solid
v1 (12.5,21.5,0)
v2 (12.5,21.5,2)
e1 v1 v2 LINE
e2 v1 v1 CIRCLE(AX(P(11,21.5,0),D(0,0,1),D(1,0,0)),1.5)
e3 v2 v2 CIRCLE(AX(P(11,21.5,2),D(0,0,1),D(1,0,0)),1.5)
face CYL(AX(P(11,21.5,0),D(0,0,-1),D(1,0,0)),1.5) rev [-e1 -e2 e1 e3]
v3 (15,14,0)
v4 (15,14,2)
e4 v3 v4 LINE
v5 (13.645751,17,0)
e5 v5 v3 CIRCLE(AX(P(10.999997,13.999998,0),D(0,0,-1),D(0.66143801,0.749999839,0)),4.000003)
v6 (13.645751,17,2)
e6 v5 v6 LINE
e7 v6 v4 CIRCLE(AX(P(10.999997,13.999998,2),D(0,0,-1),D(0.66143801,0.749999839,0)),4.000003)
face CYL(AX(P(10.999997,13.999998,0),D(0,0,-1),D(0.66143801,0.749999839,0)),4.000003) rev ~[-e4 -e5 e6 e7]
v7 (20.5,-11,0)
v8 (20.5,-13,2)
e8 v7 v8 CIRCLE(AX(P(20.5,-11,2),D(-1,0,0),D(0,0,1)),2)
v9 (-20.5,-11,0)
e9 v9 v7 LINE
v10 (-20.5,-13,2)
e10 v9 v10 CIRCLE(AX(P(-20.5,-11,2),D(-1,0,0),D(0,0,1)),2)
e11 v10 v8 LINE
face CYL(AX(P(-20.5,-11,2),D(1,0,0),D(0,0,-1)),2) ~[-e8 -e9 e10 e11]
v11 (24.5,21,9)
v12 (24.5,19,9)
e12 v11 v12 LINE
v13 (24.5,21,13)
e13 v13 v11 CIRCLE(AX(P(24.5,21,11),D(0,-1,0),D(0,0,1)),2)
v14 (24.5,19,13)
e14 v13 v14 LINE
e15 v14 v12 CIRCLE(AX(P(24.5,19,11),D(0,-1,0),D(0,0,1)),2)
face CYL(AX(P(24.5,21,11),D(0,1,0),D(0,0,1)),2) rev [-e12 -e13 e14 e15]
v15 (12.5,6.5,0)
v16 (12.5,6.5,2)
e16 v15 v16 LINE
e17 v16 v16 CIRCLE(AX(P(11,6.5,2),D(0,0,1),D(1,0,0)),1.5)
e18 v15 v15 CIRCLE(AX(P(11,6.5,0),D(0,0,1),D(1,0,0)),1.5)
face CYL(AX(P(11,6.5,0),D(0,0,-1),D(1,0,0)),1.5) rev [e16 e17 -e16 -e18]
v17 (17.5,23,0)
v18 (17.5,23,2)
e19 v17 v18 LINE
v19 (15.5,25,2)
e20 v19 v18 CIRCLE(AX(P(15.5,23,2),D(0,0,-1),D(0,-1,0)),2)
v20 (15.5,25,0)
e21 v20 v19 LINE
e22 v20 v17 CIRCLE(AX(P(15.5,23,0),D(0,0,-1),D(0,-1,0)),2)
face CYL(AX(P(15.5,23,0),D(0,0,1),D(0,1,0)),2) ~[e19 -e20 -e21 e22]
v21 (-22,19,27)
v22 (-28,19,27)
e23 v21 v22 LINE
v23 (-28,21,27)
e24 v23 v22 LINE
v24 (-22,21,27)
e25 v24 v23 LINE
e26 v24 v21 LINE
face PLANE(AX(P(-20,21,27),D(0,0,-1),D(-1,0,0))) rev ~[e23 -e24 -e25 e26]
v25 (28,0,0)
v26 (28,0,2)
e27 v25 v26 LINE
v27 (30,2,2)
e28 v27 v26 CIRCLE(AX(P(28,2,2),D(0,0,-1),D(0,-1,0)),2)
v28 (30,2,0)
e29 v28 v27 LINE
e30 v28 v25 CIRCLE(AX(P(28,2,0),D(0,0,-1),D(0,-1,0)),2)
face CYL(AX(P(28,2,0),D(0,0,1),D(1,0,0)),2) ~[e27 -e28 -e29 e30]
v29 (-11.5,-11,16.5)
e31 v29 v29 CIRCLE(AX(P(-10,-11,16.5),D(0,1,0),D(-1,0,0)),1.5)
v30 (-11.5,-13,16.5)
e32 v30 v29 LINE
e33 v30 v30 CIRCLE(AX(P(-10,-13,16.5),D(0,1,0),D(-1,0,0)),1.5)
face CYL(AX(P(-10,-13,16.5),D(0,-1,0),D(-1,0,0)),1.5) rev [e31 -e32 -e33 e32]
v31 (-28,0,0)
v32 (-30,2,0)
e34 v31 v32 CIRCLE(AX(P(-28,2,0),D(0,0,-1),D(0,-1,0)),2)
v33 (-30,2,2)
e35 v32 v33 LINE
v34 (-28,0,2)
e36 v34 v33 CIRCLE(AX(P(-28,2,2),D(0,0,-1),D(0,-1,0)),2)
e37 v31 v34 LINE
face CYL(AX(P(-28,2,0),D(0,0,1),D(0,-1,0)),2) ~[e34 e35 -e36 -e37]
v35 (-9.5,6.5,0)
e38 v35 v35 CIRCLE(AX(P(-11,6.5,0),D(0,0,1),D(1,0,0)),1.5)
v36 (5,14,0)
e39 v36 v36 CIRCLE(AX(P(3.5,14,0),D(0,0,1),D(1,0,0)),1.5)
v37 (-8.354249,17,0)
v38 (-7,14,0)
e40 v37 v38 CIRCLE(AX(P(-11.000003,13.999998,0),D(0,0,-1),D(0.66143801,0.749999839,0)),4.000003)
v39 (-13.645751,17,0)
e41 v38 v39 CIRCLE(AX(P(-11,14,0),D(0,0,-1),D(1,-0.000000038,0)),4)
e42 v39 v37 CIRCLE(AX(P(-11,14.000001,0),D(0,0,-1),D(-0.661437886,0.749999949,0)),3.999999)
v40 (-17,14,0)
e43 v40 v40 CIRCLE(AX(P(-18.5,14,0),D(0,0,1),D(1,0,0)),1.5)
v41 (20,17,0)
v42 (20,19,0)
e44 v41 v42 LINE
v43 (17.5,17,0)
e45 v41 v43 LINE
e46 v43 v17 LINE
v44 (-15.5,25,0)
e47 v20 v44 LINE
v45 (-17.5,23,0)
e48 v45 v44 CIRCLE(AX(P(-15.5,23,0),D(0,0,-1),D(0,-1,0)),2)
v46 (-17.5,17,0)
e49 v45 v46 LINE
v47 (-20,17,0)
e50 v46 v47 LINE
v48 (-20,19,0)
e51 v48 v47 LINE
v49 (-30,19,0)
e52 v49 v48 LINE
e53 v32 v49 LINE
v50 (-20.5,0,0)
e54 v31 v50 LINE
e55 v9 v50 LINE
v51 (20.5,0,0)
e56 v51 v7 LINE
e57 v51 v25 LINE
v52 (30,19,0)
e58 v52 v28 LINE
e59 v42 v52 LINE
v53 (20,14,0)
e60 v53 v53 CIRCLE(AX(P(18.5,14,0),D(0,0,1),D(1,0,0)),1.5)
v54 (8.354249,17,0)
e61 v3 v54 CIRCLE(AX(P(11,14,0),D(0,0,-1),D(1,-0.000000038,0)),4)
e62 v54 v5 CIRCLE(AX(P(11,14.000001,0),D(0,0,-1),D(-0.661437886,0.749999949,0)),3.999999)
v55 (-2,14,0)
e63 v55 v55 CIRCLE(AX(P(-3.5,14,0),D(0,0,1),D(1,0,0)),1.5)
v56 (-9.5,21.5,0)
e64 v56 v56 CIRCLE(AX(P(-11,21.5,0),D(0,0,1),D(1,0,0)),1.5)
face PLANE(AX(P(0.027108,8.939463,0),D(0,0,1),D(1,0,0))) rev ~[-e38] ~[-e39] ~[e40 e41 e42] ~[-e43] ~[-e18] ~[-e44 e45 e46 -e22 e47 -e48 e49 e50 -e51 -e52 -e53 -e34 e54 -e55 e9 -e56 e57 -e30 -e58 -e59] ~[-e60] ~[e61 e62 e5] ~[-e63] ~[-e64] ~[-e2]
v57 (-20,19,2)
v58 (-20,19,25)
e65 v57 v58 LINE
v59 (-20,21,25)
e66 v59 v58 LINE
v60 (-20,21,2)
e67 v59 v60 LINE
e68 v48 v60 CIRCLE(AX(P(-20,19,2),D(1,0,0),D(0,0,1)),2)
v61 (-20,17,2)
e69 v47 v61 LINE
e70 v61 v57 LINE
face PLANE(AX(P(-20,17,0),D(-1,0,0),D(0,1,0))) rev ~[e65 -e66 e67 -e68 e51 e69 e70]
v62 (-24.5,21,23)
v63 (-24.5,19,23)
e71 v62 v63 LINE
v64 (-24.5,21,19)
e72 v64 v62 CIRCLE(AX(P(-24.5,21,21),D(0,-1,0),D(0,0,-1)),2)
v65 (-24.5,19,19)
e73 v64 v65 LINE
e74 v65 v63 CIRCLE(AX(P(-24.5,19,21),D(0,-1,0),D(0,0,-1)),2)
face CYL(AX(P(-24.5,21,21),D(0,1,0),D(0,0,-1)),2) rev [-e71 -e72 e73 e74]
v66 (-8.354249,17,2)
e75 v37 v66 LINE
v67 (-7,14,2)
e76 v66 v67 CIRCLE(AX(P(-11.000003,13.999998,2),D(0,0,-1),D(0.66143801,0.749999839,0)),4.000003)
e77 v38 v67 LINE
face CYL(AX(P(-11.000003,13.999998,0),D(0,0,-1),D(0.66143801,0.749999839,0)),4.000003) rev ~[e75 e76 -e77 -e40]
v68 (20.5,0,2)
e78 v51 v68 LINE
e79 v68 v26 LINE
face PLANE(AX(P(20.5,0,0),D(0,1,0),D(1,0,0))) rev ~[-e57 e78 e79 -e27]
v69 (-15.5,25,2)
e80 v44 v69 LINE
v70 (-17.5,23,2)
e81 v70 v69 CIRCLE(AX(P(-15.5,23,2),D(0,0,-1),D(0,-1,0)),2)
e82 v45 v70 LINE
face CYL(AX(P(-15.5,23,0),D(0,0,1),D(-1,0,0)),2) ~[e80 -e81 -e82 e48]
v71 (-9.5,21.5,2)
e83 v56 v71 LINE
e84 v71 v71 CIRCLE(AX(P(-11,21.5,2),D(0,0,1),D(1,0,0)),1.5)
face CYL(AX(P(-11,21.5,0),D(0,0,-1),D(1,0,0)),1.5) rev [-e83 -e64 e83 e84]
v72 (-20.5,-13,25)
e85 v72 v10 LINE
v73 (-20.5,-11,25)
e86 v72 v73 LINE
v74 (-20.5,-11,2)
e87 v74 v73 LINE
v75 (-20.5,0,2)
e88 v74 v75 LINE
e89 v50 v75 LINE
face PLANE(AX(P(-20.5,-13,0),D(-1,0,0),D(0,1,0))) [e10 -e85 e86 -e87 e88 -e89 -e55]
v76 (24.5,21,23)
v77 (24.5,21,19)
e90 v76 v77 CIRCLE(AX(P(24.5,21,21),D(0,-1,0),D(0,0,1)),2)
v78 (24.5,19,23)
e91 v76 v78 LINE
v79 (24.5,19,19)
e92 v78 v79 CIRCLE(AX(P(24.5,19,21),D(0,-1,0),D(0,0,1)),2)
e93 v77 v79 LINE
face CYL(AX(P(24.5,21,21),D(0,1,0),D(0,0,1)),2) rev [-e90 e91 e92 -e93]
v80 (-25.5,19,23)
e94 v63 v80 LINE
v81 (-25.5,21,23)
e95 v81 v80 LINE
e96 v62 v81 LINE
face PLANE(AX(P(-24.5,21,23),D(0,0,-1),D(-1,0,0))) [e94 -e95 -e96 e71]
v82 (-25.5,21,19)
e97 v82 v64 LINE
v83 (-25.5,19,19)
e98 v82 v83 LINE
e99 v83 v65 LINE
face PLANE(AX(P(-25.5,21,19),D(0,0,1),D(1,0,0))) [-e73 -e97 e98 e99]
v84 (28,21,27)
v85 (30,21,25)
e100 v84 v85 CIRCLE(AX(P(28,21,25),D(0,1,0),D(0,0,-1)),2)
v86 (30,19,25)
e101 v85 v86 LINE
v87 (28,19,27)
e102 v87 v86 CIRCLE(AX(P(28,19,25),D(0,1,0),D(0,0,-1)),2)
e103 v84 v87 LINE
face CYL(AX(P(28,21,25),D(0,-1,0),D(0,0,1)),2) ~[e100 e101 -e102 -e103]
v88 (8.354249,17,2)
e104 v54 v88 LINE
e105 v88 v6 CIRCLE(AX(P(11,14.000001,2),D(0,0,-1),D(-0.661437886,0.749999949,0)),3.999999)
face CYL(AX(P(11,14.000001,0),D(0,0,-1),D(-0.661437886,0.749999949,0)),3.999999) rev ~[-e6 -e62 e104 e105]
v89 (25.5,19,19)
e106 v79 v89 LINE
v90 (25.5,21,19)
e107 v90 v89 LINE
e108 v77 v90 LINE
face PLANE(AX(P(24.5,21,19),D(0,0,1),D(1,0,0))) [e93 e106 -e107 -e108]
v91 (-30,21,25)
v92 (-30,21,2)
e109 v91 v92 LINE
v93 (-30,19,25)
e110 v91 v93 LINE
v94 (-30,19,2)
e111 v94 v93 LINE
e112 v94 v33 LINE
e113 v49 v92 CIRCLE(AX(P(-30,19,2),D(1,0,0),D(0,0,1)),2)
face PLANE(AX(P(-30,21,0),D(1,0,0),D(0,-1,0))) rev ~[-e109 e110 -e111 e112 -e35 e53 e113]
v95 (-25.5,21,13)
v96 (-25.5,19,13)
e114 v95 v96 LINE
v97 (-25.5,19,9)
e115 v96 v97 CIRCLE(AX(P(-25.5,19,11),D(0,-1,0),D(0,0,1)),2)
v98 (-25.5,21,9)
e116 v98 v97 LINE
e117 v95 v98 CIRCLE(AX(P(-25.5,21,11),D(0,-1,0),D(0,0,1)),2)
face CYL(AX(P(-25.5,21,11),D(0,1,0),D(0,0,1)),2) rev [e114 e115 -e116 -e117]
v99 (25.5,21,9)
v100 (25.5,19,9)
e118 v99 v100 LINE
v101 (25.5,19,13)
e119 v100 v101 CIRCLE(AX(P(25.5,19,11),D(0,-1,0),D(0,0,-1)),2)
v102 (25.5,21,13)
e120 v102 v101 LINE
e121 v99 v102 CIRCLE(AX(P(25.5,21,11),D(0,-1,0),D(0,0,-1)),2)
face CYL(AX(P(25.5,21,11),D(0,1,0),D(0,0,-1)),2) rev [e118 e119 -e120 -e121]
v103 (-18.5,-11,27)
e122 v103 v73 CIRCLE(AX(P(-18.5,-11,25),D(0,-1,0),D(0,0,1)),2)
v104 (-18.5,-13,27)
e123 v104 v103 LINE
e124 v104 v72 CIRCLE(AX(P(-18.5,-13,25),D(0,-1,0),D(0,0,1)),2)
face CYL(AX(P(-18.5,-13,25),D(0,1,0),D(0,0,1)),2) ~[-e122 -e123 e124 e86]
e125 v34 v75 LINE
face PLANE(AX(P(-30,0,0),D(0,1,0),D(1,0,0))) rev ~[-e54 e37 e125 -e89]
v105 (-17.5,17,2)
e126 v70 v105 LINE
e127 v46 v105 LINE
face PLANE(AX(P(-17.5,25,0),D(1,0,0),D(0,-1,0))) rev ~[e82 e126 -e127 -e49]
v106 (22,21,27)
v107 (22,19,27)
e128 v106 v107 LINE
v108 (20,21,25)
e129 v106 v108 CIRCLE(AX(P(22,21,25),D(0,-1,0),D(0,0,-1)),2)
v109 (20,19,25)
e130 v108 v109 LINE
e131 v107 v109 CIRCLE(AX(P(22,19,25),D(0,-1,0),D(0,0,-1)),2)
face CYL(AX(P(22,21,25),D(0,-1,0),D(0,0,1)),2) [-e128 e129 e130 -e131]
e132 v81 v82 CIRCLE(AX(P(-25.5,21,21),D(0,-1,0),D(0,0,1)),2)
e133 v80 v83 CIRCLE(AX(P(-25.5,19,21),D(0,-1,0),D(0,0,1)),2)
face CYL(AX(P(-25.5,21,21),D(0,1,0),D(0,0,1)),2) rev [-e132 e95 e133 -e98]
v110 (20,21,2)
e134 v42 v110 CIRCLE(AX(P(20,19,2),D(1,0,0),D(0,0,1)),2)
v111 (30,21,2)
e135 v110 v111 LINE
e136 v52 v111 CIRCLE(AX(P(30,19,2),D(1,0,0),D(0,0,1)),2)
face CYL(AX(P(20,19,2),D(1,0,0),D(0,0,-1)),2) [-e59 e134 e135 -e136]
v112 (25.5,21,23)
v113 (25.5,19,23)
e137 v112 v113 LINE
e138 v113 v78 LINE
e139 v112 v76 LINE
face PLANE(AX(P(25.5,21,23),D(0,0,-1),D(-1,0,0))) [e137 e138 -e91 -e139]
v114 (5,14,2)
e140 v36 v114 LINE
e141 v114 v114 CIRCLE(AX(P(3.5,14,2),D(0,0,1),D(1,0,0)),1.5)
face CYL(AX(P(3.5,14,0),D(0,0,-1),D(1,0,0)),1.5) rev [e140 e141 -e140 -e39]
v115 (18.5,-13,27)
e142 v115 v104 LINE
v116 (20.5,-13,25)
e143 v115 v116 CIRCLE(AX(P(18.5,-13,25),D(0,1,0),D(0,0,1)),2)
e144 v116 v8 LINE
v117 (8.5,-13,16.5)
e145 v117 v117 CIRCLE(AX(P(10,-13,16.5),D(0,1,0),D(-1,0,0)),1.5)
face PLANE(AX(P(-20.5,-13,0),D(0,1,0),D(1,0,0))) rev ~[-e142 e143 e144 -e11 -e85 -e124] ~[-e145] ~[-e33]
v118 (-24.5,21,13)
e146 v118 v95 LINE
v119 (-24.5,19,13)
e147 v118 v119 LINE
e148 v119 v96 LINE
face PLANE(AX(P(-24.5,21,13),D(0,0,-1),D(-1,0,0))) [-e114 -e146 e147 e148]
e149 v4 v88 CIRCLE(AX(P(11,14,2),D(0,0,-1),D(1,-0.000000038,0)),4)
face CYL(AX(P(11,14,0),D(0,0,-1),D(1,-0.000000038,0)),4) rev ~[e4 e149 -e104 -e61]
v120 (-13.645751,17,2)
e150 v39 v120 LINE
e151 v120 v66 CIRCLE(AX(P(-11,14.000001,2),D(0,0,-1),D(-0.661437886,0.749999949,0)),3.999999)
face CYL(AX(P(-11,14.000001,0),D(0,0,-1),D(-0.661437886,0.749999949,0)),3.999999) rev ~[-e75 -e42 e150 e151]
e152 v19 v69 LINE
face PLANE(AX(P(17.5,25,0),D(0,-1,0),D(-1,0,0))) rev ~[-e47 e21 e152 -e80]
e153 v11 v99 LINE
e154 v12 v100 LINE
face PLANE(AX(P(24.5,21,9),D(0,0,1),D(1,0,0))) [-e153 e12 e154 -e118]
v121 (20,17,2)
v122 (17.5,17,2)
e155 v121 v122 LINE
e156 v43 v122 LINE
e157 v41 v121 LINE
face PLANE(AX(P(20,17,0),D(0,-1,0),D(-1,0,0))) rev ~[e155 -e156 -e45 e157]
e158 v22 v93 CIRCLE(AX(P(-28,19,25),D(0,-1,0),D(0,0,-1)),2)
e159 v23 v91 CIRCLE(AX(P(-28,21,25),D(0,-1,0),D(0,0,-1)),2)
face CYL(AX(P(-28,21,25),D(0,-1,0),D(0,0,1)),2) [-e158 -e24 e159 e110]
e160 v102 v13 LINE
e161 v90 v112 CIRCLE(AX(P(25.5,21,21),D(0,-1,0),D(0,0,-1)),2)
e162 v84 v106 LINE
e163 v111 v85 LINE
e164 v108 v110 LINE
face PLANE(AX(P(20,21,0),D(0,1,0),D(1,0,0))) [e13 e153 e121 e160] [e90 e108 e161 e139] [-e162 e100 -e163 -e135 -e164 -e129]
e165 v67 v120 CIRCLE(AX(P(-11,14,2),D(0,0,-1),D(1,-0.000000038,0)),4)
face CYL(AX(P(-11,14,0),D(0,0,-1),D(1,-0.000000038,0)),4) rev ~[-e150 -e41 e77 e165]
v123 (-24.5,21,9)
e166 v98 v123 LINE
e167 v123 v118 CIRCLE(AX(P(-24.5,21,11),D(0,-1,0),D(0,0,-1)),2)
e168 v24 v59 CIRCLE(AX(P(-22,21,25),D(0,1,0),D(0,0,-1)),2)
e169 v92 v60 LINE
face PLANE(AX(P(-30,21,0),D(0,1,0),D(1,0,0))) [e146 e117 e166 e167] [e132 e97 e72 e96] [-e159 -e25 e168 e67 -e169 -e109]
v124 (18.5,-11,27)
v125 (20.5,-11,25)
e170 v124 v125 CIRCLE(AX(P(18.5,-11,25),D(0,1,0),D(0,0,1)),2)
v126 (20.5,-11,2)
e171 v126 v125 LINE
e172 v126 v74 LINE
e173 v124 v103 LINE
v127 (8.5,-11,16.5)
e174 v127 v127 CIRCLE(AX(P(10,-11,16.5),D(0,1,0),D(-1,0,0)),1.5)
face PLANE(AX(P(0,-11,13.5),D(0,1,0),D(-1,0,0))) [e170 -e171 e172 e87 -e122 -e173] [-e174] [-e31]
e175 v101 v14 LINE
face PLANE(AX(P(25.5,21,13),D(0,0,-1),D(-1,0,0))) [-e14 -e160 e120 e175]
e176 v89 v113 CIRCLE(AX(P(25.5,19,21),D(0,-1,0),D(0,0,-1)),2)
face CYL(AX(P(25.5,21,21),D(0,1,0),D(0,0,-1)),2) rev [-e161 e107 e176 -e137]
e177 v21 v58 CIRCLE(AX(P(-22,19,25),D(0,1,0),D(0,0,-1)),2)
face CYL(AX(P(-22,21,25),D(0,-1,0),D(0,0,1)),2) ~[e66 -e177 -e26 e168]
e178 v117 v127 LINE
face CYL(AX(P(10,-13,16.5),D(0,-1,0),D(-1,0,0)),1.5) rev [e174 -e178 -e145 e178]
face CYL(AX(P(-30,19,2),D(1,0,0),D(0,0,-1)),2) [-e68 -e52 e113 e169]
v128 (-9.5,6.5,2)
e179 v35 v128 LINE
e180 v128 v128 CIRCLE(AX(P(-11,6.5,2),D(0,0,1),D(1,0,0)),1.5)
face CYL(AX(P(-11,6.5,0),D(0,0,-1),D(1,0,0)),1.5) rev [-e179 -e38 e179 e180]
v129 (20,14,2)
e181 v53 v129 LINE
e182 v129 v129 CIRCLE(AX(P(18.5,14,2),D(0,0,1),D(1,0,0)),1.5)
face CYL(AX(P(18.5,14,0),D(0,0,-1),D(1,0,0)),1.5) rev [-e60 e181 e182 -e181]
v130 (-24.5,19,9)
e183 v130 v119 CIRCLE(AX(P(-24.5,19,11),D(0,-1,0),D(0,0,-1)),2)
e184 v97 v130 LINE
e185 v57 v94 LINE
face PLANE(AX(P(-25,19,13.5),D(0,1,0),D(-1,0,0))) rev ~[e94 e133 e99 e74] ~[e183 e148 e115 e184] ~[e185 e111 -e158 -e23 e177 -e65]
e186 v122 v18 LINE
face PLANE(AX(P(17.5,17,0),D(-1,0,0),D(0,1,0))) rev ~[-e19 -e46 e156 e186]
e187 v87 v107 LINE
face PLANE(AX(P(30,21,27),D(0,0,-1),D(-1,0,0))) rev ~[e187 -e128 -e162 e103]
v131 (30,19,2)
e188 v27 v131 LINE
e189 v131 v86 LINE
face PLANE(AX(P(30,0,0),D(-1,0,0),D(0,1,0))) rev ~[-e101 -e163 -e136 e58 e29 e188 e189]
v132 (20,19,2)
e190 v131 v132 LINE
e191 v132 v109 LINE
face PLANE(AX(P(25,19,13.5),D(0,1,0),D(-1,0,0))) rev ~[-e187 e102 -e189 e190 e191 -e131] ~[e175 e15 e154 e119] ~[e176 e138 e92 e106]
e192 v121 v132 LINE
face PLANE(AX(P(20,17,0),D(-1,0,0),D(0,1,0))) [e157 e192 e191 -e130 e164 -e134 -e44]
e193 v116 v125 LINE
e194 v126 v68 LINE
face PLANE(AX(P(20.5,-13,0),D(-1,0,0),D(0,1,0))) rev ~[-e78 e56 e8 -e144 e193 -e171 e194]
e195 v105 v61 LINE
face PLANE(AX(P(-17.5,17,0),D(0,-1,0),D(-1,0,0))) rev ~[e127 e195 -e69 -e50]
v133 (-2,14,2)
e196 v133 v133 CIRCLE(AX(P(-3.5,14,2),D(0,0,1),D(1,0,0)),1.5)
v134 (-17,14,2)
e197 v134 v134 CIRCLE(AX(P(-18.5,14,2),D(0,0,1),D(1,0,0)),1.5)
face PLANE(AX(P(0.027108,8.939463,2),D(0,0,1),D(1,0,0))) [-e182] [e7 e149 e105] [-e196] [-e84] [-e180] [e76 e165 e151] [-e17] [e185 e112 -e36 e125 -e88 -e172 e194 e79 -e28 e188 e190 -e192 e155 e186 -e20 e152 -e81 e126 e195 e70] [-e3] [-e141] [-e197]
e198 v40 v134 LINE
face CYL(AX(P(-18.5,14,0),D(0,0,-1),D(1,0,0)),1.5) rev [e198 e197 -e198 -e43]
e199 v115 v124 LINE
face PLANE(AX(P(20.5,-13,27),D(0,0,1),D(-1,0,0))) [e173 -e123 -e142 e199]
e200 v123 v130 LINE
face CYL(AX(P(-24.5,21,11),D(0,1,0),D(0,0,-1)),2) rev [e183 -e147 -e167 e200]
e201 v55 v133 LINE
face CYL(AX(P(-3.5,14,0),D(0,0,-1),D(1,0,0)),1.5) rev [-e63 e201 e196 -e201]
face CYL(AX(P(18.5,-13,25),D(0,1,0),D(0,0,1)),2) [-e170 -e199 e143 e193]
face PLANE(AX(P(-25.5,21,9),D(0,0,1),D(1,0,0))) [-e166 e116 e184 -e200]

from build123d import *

# Parameters (mm, degrees)
F0_R     = 1.5
F0_W     = 41
F0_H     = 13
F0_W_2   = 10
F0_H_2   = 4
F7_DEPTH = 2
F4_W     = 41
F4_H     = 27
F4_R     = 1.5
F8_DEPTH = 2
F6_W     = 10
F6_H     = 27
F5_W     = 10
F5_H     = 27
F9_DEPTH = 2
F10_R    = 2


with BuildPart() as f7:
    # F0 (on Top) → F7 (new body)
    with BuildSketch(Plane.XY):
        with BuildLine():
            Line((-13.645751, 17), (-17.5, 17))
            Line((-17.5, 17), (-20, 17))
            Line((-20, 17), (-30, 17))
            Line((-30, 17), (-30, 0))
            Line((-30, 0), (-20.5, 0))
            Line((-20.5, 0), (20.5, 0))
            Line((20.5, 0), (30, 0))
            Line((30, 0), (30, 17))
            Line((30, 17), (20, 17))
            Line((20, 17), (17.5, 17))
            Line((17.5, 17), (13.645751, 17))
            ThreePointArc((13.645751, 17), (14.645751, 15.645751), (15, 14))
            ThreePointArc((15, 14), (9.354249, 10.354249), (8.354249, 17))
            Line((8.354249, 17), (-8.354249, 17))
            ThreePointArc((-8.354249, 17), (-7.354249, 15.645751), (-7, 14))
            ThreePointArc((-7, 14), (-12.645751, 10.354249), (-13.645751, 17))
        make_face()
        with Locations((-18.5, 14)):
            Circle(F0_R, mode=Mode.SUBTRACT)
        with Locations((-11, 6.5)):
            Circle(F0_R, mode=Mode.SUBTRACT)
        with Locations((-3.5, 14)):
            Circle(F0_R, mode=Mode.SUBTRACT)
        with Locations((11, 6.5)):
            Circle(F0_R, mode=Mode.SUBTRACT)
        with Locations((3.5, 14)):
            Circle(F0_R, mode=Mode.SUBTRACT)
        with Locations((18.5, 14)):
            Circle(F0_R, mode=Mode.SUBTRACT)
        with BuildLine():
            Line((17.5, 25), (-17.5, 25))
            Line((-17.5, 25), (-17.5, 17))
            Line((-17.5, 17), (-13.645751, 17))
            ThreePointArc((-13.645751, 17), (-11, 18), (-8.354249, 17))
            Line((-8.354249, 17), (8.354249, 17))
            ThreePointArc((8.354249, 17), (11, 18), (13.645751, 17))
            Line((13.645751, 17), (17.5, 17))
            Line((17.5, 17), (17.5, 25))
        make_face()
        with Locations((-11, 21.5)):
            Circle(F0_R, mode=Mode.SUBTRACT)
        with Locations((11, 21.5)):
            Circle(F0_R, mode=Mode.SUBTRACT)
        with Locations((0, -6.5)):
            Rectangle(F0_W, F0_H)
        with Locations((25, 19)):
            Rectangle(F0_W_2, F0_H_2)
        with Locations((-25, 19)):
            Rectangle(F0_W_2, F0_H_2)
    extrude(amount=F7_DEPTH)

    # F4 (on face) → F8 (join)
    with BuildSketch(Plane(origin=(0, -13, 0), x_dir=(-1, 0, 0), z_dir=(0, 1, 0))):
        with Locations((0, 13.5)):
            Rectangle(F4_W, F4_H)
        with Locations((-10, 16.5)):
            Circle(F4_R, mode=Mode.SUBTRACT)
        with Locations((10, 16.5)):
            Circle(F4_R, mode=Mode.SUBTRACT)
    extrude(amount=F8_DEPTH)

    # F6 (on face) + F5 (on face) → F9 (join)
    with BuildSketch(Plane(origin=(0, 21, 0), x_dir=(-1, 0, 0), z_dir=(0, 1, 0))):
        with Locations((25, 13.5)):
            Rectangle(F6_W, F6_H)
        with BuildLine():
            ThreePointArc((24.5, 9), (22.5, 11), (24.5, 13))
            Line((24.5, 13), (25.5, 13))
            ThreePointArc((25.5, 13), (27.5, 11), (25.5, 9))
            Line((25.5, 9), (24.5, 9))
        make_face(mode=Mode.SUBTRACT)
        with BuildLine():
            ThreePointArc((24.5, 19), (22.5, 21), (24.5, 23))
            Line((24.5, 23), (25.5, 23))
            ThreePointArc((25.5, 23), (27.5, 21), (25.5, 19))
            Line((25.5, 19), (24.5, 19))
        make_face(mode=Mode.SUBTRACT)
    with BuildSketch(Plane(origin=(0, 21, 0), x_dir=(-1, 0, 0), z_dir=(0, 1, 0))):
        with Locations((-25, 13.5)):
            Rectangle(F5_W, F5_H)
        with BuildLine():
            ThreePointArc((-25.5, 9), (-27.5, 11), (-25.5, 13))
            Line((-25.5, 13), (-24.5, 13))
            ThreePointArc((-24.5, 13), (-22.5, 11), (-24.5, 9))
            Line((-24.5, 9), (-25.5, 9))
        make_face(mode=Mode.SUBTRACT)
        with BuildLine():
            ThreePointArc((-25.5, 19), (-27.5, 21), (-25.5, 23))
            Line((-25.5, 23), (-24.5, 23))
            ThreePointArc((-24.5, 23), (-22.5, 21), (-24.5, 19))
            Line((-24.5, 19), (-25.5, 19))
        make_face(mode=Mode.SUBTRACT)
    extrude(amount=-F9_DEPTH)

    # F10
    f10_edges = [f7.edges().sort_by_distance(p)[0] for p in [
        (0, -13, 0),
        (-30, 0, 1),
        (30, 0, 1),
        (25, 21, 0),
        (-25, 21, 0),
        (17.5, 25, 1),
        (-17.5, 25, 1),
        (30, 20, 27),
        (20, 20, 27),
        (-20, 20, 27),
        (-30, 20, 27),
        (-20.5, -12, 27),
        (20.5, -12, 27),
    ]]
    fillet(f10_edges, radius=F10_R)


solid = f7.part
